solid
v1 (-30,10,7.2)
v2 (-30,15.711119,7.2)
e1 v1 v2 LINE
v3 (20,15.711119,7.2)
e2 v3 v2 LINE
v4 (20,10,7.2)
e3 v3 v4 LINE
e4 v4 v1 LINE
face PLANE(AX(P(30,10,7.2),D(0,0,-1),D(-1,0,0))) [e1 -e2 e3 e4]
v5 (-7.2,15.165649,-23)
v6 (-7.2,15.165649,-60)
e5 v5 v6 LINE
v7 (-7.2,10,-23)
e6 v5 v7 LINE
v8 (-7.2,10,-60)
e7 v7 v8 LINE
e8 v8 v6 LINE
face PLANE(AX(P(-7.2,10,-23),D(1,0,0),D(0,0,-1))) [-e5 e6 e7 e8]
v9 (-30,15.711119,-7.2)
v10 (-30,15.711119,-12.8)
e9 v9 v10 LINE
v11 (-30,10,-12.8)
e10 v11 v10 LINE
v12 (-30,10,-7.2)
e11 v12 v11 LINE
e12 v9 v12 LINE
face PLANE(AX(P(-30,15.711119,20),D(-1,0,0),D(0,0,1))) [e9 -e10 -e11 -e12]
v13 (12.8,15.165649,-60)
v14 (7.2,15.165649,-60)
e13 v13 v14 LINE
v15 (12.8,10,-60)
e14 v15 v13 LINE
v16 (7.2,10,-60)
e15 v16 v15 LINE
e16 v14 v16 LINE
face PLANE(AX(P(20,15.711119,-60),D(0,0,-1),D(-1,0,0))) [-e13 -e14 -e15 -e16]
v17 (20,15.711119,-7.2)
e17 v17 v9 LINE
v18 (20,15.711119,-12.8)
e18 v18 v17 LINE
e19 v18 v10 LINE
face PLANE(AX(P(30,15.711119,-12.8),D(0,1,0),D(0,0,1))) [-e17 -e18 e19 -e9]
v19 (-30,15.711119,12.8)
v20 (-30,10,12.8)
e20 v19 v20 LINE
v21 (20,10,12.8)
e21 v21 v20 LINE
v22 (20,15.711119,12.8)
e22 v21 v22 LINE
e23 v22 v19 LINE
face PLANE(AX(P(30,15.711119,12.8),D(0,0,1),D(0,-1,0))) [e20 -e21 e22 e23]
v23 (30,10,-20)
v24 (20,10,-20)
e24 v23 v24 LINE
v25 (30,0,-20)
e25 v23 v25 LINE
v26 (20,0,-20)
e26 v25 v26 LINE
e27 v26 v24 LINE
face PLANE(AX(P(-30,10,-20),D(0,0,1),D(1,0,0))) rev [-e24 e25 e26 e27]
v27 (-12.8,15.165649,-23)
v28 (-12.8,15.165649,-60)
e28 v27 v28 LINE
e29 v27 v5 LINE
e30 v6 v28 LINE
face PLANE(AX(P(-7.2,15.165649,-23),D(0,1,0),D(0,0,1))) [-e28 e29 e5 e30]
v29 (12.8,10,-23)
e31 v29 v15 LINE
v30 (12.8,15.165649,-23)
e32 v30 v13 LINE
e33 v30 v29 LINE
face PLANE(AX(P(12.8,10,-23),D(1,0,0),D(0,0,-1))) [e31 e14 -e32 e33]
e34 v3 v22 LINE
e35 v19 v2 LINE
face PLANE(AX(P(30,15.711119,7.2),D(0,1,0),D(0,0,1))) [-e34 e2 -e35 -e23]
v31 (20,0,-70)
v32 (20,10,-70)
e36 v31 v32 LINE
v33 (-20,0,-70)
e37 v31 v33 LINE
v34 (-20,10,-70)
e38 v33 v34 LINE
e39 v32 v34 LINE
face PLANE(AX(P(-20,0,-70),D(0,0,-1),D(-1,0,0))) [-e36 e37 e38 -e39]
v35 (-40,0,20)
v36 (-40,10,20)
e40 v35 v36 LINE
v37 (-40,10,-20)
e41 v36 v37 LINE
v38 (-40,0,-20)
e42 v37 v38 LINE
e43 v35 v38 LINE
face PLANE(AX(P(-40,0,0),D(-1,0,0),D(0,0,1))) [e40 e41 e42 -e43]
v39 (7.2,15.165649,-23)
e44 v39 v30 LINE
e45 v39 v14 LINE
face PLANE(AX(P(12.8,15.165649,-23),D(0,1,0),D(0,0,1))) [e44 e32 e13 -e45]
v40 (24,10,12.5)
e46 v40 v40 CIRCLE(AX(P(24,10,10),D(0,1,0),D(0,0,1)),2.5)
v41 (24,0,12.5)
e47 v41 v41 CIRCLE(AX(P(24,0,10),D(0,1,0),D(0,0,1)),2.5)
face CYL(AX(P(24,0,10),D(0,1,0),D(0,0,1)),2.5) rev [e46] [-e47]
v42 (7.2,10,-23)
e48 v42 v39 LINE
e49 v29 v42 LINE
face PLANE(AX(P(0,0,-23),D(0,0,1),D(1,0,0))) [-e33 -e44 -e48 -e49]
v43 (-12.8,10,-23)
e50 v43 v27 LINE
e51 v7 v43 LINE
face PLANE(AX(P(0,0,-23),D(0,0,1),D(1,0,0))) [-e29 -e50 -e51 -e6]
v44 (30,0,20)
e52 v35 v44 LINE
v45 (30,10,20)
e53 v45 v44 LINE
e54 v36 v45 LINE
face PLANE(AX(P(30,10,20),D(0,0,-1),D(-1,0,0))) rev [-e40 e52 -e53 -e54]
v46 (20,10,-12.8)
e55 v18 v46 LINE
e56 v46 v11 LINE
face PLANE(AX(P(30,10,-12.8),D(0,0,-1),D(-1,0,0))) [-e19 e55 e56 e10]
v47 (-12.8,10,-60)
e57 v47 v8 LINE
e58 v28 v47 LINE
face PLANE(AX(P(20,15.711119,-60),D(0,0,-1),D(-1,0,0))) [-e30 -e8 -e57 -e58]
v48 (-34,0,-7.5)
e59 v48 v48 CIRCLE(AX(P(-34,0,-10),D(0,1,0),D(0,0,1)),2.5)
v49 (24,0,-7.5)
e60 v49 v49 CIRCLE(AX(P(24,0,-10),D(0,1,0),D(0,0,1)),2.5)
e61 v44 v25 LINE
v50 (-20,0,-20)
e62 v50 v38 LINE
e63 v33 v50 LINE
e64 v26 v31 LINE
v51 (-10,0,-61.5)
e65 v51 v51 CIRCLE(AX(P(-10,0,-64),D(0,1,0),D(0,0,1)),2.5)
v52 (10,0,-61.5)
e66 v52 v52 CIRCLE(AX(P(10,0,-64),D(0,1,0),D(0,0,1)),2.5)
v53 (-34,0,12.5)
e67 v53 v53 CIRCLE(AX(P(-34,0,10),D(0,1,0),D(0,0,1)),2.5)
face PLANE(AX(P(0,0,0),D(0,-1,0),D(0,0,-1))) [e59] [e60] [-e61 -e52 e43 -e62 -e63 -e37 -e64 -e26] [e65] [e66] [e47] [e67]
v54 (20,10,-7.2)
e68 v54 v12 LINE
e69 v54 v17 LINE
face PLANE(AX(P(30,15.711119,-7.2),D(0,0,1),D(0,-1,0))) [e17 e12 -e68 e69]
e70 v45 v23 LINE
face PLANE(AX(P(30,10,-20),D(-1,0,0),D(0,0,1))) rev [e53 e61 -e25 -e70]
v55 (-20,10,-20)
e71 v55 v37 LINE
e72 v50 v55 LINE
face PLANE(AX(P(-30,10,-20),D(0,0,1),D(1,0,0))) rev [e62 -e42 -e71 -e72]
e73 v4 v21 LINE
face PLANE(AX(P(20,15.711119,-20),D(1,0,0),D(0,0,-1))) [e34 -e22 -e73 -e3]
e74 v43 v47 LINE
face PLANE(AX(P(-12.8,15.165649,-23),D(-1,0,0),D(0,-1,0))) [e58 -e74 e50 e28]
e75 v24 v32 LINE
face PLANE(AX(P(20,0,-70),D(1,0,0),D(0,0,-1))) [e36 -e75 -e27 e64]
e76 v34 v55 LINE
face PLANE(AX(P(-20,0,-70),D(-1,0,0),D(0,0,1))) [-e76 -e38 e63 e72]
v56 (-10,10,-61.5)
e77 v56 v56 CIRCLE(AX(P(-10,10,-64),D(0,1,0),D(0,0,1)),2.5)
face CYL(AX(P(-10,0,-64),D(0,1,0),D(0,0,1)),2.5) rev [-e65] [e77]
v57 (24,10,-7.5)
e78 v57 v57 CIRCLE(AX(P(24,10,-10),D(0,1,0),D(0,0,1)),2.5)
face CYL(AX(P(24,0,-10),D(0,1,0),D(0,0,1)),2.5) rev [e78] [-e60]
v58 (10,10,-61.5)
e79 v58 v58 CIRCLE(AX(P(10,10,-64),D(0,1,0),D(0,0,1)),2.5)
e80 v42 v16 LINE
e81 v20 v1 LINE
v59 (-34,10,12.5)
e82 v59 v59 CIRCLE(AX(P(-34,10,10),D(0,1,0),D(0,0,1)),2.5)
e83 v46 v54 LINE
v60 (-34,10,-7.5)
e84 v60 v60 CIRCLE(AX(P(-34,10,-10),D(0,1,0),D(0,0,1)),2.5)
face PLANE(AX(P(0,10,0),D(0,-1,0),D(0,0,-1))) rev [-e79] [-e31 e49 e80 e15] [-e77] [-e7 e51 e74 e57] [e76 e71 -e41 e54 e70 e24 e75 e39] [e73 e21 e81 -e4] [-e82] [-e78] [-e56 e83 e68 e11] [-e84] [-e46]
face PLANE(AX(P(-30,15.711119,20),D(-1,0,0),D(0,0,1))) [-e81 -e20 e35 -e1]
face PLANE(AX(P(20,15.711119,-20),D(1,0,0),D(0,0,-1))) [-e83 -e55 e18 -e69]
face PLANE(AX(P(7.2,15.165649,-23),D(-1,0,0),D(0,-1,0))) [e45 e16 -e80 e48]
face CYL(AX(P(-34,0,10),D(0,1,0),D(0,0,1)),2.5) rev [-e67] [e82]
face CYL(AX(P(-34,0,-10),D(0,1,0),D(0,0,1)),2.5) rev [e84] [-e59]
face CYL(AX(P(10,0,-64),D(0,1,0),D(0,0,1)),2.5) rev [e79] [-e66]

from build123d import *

# Parameters (mm, degrees)
SALIENTE_EXTRUIR1_DEPTH = 10
SALIENTE_EXTRUIR3_DEPTH = 100
CROQUIS5_W              = 40
CROQUIS5_H              = 50
SALIENTE_EXTRUIR5_DEPTH = 10
SALIENTE_EXTRUIR7_DEPTH = 47
CROQUIS11_W             = 74.096638428
CROQUIS11_H             = 162.244793696
CORTAR_EXTRUIR3_DEPTH   = 30
CROQUIS9_W              = 10
CROQUIS9_H              = 40
CROQUIS9_W_2            = 40
CROQUIS9_H_2            = 10
CORTAR_EXTRUIR1_DEPTH   = 6.711119453
CROQUIS12_R             = 2.5
CORTAR_EXTRUIR4_DEPTH   = 11


with BuildPart() as part:
    # Croquis1 → Saliente-Extruir1 (new body)
    with BuildSketch(Plane(origin=(0, 0, 0), x_dir=(1, 0, 0), z_dir=(0, 1, 0))):
        Polygon((30, 20), (-30, 20), (-70, 20), (-70, -20), (-30, -20), (30, -20), align=None)
    extrude(amount=SALIENTE_EXTRUIR1_DEPTH)

    # Croquis3 → Saliente-Extruir3 (add, through all)
    with BuildSketch(Plane.ZY.offset(70)):
        Polygon((10, 10), (7.2, 10), (7.2, 15.711119453), (12.8, 15.711119453), (12.8, 10), align=None)
        Polygon((-10, 10), (-12.8, 10), (-12.8, 15.711119453), (-7.2, 15.711119453), (-7.2, 10), align=None)
    extrude(amount=-SALIENTE_EXTRUIR3_DEPTH)

    # Croquis5 → Saliente-Extruir5 (add)
    with BuildSketch(Plane(origin=(0, 10, 0), x_dir=(1, 0, 0), z_dir=(0, 1, 0))):
        with Locations((0, 45)):
            Rectangle(CROQUIS5_W, CROQUIS5_H)
    extrude(amount=-SALIENTE_EXTRUIR5_DEPTH)

    # Croquis7 → Saliente-Extruir7 (add)
    with BuildSketch(Plane(origin=(0, 0, -70), x_dir=(-1, 0, 0), z_dir=(0, 0, -1))):
        Polygon((12.8, 10), (10, 10), (7.2, 10), (7.2, 15.165648874), (12.8, 15.165648874), align=None)
        Polygon((-7.2, 10), (-10, 10), (-12.8, 10), (-12.8, 15.165648874), (-7.2, 15.165648874), align=None)
    extrude(amount=-SALIENTE_EXTRUIR7_DEPTH)

    # Croquis11 → Cortar-Extruir3 (cut)
    with BuildSketch(Plane.ZY.offset(70)):
        Rectangle(CROQUIS11_W, CROQUIS11_H)
    extrude(amount=-CORTAR_EXTRUIR3_DEPTH, mode=Mode.SUBTRACT)

    # Croquis9 → Cortar-Extruir1 (cut, through all)
    with BuildSketch(Plane(origin=(0, 10, 0), x_dir=(1, 0, 0), z_dir=(0, 1, 0))):
        with Locations((25, 0)):
            Rectangle(CROQUIS9_W, CROQUIS9_H)
        with Locations((0, 65)):
            Rectangle(CROQUIS9_W_2, CROQUIS9_H_2)
        with Locations((-35, 0)):
            Rectangle(CROQUIS9_W, CROQUIS9_H)
    extrude(amount=CORTAR_EXTRUIR1_DEPTH, mode=Mode.SUBTRACT)

    # Croquis12 → Cortar-Extruir4 (cut, through all)
    with BuildSketch(Plane(origin=(0, 10, 0), x_dir=(1, 0, 0), z_dir=(0, 1, 0))):
        with Locations((24, -10)):
            Circle(CROQUIS12_R)
        with Locations((24, 10)):
            Circle(CROQUIS12_R)
        with Locations((-34, -10)):
            Circle(CROQUIS12_R)
        with Locations((-34, 10)):
            Circle(CROQUIS12_R)
        with Locations((10, 64)):
            Circle(CROQUIS12_R)
        with Locations((-10, 64)):
            Circle(CROQUIS12_R)
    extrude(amount=-CORTAR_EXTRUIR4_DEPTH, mode=Mode.SUBTRACT)


solid = part.part
